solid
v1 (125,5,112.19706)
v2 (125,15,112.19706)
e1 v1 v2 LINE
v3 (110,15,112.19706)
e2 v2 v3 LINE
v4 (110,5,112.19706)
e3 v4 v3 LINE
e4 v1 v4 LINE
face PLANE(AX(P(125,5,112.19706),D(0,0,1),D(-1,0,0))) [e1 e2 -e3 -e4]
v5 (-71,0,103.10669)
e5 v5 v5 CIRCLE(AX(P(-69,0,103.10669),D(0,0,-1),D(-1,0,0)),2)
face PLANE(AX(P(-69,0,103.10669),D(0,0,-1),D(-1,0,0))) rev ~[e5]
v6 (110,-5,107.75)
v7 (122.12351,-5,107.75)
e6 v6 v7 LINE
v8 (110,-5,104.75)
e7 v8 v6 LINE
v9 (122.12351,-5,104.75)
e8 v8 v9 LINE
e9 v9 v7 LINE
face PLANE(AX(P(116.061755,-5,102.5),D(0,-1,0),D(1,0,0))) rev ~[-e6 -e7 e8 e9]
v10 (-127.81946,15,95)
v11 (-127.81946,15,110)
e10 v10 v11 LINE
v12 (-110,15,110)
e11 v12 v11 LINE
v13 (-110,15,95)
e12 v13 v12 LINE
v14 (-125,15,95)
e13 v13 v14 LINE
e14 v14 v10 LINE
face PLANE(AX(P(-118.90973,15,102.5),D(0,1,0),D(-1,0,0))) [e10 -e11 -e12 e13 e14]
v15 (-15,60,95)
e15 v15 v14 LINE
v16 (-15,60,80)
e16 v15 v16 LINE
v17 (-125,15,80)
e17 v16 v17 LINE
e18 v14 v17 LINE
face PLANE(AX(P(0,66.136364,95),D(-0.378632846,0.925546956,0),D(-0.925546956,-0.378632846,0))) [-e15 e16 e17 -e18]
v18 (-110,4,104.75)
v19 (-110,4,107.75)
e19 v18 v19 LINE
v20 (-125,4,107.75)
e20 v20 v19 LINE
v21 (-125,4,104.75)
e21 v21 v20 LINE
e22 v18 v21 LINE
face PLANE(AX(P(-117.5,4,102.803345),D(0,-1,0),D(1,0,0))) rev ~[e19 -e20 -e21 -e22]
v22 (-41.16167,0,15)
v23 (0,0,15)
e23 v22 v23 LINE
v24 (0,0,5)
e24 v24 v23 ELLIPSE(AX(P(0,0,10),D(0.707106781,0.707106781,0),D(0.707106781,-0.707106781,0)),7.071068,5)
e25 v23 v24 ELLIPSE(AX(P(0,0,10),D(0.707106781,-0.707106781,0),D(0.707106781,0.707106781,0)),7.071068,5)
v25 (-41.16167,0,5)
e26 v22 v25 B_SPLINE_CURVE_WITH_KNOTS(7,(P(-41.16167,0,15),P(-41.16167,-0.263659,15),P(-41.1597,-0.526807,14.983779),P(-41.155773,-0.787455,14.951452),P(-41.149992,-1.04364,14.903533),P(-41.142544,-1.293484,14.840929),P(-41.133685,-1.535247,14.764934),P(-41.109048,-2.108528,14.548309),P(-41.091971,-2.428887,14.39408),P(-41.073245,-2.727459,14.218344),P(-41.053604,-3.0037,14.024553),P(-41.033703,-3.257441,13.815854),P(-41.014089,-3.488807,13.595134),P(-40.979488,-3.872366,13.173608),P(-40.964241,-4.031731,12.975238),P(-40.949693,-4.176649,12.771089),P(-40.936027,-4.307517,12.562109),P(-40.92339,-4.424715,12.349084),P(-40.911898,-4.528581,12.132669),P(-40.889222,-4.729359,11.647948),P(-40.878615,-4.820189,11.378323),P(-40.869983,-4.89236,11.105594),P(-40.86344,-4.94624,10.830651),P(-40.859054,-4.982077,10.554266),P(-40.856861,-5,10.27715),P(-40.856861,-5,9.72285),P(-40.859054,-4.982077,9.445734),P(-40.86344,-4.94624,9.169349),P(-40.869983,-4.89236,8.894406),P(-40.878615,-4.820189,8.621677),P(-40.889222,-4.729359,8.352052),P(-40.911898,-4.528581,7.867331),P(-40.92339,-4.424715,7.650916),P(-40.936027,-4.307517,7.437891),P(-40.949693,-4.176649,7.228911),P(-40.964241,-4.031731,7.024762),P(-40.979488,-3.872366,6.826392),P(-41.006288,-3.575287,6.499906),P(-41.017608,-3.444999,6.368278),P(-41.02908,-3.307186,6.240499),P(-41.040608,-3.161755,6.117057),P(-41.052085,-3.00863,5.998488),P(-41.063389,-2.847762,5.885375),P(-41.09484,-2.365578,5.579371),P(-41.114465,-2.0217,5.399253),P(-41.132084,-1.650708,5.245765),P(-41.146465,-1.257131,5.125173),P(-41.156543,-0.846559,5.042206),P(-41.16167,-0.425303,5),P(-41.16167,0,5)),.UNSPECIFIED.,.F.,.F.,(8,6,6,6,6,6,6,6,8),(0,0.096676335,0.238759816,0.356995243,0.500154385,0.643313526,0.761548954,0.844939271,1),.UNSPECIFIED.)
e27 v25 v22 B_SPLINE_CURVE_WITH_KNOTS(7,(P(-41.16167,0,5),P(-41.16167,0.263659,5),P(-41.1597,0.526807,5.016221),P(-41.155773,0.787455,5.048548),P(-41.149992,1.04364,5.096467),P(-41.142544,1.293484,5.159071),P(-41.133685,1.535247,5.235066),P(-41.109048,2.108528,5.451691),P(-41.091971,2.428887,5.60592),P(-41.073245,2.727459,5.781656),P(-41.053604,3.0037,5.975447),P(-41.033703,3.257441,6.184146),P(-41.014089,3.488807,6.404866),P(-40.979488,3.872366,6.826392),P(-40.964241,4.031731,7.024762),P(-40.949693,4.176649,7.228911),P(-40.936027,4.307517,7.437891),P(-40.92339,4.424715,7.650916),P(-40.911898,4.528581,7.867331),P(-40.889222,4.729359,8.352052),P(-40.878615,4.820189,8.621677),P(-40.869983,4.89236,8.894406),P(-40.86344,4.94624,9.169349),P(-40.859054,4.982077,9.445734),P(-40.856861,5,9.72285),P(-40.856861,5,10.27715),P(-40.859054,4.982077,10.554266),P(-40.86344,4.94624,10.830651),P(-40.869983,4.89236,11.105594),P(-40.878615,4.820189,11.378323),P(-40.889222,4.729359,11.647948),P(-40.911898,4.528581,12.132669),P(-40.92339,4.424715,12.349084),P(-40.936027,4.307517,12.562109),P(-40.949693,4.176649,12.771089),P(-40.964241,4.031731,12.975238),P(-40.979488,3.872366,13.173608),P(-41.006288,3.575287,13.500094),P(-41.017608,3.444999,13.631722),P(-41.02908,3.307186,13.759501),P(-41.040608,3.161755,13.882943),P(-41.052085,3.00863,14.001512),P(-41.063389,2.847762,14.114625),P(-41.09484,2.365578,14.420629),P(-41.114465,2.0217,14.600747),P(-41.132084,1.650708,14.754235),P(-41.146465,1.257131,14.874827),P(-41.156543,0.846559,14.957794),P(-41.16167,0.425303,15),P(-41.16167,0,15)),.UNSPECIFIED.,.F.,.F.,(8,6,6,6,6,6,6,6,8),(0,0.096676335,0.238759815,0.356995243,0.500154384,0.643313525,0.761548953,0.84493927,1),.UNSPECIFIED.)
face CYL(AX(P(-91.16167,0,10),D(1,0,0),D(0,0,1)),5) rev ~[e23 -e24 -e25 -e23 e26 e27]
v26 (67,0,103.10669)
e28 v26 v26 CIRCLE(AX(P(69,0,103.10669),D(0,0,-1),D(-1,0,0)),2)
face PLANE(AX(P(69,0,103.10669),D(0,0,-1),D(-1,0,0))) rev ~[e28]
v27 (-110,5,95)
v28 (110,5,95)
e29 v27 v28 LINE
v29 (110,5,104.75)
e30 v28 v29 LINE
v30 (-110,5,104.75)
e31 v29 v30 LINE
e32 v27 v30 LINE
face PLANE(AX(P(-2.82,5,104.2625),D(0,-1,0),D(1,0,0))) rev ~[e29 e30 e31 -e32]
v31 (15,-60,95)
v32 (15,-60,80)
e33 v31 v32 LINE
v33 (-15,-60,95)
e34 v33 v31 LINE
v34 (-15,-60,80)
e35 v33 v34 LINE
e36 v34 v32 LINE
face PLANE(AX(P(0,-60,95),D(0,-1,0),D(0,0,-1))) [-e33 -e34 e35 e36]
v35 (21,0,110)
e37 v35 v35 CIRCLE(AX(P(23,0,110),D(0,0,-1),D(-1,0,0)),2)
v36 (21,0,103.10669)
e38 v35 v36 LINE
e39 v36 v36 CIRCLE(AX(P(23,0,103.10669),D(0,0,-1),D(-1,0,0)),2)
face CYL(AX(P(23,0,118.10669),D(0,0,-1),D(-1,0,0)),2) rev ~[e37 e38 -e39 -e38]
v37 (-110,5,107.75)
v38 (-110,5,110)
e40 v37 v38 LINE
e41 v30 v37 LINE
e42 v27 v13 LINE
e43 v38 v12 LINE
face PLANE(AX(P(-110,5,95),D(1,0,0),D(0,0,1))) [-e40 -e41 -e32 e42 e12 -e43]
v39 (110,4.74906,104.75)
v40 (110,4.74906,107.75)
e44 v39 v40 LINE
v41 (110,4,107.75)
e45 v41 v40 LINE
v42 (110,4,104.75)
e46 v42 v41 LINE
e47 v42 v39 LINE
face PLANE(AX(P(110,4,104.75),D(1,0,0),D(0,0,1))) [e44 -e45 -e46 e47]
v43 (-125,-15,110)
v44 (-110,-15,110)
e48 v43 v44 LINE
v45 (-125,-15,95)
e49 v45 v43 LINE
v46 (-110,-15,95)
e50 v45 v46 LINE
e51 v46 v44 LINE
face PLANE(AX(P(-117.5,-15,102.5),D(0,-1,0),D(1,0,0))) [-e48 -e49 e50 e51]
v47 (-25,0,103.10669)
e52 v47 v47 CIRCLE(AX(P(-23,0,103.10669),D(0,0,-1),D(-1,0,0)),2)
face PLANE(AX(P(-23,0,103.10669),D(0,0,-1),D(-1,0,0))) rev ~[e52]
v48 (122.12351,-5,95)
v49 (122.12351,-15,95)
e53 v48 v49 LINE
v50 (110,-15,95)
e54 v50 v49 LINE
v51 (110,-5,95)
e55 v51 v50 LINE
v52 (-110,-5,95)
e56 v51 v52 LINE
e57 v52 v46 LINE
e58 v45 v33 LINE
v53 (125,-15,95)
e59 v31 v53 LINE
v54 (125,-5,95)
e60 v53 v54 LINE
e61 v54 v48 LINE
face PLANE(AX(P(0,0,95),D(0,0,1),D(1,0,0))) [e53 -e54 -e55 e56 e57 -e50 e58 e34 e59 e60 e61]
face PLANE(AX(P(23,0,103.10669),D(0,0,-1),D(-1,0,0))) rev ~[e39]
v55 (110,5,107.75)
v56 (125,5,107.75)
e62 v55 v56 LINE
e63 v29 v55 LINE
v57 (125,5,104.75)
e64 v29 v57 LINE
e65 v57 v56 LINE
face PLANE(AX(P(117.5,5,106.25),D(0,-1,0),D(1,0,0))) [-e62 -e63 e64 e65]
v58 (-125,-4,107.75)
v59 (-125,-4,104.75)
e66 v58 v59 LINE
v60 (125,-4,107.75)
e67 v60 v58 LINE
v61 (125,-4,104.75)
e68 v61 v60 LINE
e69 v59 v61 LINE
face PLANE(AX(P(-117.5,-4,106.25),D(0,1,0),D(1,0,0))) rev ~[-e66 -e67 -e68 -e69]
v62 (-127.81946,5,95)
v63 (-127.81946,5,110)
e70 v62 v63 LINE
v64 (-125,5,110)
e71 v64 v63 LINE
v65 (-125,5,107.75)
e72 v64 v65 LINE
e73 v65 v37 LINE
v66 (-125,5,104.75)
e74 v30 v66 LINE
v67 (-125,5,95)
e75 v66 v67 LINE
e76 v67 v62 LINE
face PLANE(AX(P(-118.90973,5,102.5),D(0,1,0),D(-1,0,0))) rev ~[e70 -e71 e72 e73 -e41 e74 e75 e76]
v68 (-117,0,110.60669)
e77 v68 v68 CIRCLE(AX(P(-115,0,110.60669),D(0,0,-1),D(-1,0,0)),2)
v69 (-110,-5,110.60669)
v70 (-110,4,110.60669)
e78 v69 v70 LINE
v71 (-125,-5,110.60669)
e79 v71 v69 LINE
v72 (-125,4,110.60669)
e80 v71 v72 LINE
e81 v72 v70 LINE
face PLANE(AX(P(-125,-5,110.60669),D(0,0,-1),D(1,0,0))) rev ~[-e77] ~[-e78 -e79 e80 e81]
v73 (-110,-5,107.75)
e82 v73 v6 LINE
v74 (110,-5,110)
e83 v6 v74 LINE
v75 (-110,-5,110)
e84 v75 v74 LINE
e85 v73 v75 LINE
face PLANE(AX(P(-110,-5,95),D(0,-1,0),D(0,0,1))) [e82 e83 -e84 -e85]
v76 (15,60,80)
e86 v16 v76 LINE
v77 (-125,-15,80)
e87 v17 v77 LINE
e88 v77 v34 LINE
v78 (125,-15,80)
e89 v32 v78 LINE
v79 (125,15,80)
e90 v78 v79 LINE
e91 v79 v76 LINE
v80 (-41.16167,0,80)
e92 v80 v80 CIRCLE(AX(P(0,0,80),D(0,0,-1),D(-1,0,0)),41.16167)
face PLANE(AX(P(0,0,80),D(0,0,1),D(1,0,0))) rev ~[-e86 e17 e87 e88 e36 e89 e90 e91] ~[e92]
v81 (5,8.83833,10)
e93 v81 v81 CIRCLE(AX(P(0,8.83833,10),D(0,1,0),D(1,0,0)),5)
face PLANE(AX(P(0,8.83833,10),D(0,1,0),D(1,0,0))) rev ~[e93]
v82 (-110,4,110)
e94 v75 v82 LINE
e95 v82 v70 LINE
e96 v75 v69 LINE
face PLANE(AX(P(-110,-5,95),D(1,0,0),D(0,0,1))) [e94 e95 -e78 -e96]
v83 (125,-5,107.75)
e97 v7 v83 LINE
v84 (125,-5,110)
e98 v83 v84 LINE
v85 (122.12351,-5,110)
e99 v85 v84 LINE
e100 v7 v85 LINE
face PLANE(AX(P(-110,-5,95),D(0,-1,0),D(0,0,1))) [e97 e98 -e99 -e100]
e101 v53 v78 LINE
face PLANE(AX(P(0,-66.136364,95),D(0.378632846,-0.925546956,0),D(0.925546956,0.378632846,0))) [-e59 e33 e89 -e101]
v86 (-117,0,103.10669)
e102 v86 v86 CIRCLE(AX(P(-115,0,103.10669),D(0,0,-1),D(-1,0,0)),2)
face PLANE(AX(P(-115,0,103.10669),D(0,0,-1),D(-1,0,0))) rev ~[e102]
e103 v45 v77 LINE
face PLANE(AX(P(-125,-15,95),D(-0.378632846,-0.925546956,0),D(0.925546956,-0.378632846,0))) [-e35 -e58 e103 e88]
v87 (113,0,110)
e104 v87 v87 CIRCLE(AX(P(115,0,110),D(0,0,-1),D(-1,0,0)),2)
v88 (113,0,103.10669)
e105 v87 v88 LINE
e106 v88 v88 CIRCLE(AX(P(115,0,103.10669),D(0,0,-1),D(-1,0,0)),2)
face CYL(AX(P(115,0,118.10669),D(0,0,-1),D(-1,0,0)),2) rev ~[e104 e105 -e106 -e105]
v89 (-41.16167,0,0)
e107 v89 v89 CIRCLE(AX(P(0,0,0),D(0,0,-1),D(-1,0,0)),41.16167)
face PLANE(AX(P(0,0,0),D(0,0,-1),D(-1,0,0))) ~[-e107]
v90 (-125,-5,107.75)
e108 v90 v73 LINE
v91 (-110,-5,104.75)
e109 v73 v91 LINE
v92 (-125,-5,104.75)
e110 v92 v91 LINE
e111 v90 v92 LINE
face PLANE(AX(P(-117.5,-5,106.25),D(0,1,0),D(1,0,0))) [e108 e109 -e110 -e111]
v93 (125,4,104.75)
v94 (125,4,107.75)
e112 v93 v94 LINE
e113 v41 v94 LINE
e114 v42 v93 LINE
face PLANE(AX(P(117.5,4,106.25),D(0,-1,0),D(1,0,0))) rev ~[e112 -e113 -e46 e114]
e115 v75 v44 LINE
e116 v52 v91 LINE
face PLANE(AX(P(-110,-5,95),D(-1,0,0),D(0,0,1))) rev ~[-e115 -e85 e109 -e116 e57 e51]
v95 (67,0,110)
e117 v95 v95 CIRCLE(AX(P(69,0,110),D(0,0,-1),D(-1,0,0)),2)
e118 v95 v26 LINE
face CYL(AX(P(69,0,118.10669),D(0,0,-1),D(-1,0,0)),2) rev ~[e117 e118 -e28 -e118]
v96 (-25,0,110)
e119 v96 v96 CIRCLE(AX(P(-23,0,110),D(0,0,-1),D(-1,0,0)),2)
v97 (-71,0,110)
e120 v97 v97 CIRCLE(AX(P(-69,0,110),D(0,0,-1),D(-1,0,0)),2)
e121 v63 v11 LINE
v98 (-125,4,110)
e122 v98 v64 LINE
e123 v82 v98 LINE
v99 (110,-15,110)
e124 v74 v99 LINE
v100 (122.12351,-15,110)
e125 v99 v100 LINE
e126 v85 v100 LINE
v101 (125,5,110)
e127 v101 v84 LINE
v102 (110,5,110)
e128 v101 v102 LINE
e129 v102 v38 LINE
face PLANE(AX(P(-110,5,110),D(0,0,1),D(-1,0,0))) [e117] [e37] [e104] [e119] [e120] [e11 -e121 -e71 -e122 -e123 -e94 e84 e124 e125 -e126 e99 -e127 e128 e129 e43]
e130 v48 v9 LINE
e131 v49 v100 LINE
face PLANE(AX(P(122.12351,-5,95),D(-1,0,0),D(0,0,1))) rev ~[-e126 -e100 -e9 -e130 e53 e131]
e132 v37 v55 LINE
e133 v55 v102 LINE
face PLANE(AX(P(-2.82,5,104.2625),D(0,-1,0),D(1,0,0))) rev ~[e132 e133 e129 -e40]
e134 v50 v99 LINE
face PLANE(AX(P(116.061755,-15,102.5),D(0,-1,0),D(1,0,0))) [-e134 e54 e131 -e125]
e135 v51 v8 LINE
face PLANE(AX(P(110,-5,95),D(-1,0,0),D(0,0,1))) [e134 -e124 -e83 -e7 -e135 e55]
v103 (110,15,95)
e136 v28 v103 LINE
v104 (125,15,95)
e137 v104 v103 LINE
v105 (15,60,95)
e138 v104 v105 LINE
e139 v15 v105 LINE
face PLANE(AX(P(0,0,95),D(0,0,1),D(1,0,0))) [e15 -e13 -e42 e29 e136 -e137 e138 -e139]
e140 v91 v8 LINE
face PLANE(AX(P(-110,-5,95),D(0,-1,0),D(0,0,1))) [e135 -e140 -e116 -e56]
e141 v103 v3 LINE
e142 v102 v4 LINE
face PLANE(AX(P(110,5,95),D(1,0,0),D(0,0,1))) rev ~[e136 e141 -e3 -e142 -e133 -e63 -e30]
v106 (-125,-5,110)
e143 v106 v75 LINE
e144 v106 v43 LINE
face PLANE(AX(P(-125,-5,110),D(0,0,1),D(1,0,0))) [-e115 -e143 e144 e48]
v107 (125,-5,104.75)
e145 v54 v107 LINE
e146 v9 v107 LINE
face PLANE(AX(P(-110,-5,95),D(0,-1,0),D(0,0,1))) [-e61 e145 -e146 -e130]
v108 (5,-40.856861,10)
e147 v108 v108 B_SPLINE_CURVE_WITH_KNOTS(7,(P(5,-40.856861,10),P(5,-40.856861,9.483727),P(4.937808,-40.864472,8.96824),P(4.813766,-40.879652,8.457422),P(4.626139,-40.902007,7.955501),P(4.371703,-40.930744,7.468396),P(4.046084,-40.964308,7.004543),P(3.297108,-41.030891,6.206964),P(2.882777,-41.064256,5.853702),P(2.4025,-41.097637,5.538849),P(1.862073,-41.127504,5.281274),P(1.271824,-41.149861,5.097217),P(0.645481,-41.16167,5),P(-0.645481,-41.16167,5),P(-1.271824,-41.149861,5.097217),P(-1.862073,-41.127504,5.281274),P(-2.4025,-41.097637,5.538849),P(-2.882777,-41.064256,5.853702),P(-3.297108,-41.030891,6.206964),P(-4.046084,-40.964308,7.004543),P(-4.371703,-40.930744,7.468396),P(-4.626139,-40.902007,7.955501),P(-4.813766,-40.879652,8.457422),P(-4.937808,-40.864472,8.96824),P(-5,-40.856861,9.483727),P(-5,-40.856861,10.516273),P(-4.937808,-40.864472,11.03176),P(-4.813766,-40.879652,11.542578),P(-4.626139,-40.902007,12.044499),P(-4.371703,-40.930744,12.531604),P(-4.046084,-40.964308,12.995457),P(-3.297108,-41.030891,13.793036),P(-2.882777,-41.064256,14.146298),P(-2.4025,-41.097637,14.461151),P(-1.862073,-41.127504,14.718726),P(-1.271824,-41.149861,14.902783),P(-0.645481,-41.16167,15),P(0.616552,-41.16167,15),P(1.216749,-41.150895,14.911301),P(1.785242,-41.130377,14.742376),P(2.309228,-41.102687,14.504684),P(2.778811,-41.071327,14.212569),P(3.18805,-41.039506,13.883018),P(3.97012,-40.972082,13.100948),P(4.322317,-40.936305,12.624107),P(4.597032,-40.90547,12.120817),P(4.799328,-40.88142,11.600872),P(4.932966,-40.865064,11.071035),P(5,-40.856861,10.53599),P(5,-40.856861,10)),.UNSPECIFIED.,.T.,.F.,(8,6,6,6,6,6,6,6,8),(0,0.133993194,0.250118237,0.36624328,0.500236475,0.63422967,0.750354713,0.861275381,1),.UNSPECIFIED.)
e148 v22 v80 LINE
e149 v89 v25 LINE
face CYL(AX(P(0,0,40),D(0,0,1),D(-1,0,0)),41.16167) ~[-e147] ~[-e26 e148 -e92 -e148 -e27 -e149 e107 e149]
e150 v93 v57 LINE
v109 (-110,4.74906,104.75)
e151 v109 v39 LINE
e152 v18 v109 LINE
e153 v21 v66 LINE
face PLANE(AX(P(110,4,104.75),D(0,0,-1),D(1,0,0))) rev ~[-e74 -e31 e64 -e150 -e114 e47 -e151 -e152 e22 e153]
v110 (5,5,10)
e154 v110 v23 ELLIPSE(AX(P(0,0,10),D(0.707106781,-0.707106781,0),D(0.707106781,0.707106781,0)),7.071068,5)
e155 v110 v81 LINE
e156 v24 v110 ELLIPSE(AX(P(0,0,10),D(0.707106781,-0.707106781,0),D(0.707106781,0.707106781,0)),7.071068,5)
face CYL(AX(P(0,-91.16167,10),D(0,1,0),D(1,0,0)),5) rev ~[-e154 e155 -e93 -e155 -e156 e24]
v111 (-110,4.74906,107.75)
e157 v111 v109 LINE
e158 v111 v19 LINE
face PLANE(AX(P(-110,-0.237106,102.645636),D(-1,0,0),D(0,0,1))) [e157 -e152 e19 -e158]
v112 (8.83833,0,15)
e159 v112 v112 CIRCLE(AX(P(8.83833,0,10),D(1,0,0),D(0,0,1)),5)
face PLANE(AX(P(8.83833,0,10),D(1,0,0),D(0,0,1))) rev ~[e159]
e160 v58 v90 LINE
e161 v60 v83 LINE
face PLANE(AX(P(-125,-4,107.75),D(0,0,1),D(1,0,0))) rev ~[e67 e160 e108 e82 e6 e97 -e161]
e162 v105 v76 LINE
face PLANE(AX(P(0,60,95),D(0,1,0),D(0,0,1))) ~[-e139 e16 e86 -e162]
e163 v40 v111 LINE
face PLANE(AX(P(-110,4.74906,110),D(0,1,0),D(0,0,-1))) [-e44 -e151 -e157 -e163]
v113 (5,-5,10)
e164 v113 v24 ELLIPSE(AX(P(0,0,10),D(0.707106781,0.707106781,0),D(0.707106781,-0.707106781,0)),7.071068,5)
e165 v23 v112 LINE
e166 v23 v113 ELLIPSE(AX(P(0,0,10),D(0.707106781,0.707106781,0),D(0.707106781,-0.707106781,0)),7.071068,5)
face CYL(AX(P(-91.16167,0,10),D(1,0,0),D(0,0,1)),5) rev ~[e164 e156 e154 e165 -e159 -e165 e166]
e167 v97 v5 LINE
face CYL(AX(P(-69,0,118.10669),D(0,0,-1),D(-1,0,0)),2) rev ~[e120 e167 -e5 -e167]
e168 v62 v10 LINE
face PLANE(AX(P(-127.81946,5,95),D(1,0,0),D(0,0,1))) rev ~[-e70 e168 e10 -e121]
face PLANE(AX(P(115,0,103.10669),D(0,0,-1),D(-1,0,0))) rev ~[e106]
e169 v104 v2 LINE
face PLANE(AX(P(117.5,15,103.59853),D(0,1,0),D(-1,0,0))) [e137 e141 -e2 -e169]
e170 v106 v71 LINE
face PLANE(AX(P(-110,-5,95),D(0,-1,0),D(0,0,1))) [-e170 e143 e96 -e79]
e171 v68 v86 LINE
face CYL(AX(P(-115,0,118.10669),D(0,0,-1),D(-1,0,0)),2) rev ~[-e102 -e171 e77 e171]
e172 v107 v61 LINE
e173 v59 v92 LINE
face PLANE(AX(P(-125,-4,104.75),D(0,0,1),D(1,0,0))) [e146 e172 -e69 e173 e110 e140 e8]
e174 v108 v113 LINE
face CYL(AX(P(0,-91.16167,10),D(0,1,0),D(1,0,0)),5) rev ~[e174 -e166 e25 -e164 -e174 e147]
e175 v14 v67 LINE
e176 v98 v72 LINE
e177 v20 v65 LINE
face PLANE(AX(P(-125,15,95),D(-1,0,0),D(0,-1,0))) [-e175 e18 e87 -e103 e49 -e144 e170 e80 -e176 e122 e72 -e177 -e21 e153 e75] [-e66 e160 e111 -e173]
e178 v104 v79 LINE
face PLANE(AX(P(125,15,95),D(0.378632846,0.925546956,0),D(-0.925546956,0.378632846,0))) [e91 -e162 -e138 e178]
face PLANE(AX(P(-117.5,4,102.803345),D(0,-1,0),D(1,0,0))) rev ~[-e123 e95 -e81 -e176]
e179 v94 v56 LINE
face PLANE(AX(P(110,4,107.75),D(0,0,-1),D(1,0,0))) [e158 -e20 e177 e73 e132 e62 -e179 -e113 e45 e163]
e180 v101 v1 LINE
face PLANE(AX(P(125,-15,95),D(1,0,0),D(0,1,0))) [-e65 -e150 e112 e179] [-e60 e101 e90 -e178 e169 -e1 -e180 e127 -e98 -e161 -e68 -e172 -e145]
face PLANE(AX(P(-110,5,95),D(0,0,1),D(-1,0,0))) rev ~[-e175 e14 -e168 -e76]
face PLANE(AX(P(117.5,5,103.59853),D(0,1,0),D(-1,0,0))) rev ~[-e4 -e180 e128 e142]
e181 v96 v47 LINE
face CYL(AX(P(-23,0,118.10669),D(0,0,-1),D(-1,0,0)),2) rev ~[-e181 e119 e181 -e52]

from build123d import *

# Parameters (mm, degrees)
SKETCH_1_W                  = 15
SKETCH_1_H                  = 15.60669
EXTRUDE_1_DEPTH             = 9
EXTRUDE_2_DEPTH             = 235
EXTRUDE_3_DEPTH             = 1
SKETCH_4_W                  = 15
SKETCH_4_H                  = 17.19706
EXTRUDE_4_DEPTH             = 10
SKETCH_5_W                  = 15
SKETCH_5_H                  = 3
CUT_EXTRUDE_1_DEPTH         = 1
SKETCH_6_W                  = 12.12351
SKETCH_6_H                  = 15
EXTRUDE_5_DEPTH             = 10
SKETCH_7_W                  = 15
SKETCH_7_H                  = 15
EXTRUDE_6_DEPTH             = 10
SKETCH_8_W                  = 15
SKETCH_8_H                  = 3
CUT_EXTRUDE_2_DEPTH         = 1
SKETCH_9_W                  = 17.81946
SKETCH_9_H                  = 15
EXTRUDE_7_DEPTH             = 10
EXTRUDE_8_DEPTH             = 15
SKETCH_11_W                 = 41.16167
SKETCH_11_H                 = 80
HOLE_WIZARD_10_0_10_1_D     = 10
HOLE_WIZARD_10_0_10_1_DEPTH = 50
HOLE_WIZARD_10_0_10_2_D     = 10
HOLE_WIZARD_10_0_10_2_DEPTH = 50
HOLE_WIZARD_4_0_4_1_D       = 4
HOLE_WIZARD_4_0_4_1_DEPTH   = 7.5
CHAMFER_1_SIZE              = 16.206633169
CHAMFER_1_EDGE_2_SIZE       = 16.206633169


with BuildPart() as part:
    # 草图1 → 凸台-拉伸1 (new body)
    with BuildSketch(Plane.XZ.offset(5)):
        with Locations((-117.5, 102.803345)):
            Rectangle(SKETCH_1_W, SKETCH_1_H)
    extrude(amount=-EXTRUDE_1_DEPTH)

    # 草图2 → 凸台-拉伸2 (add)
    with BuildSketch(Plane(origin=(-110, 0, 0), x_dir=(0, 0, -1), z_dir=(1, 0, 0))):
        Polygon((-95, 4.74906), (-95, -5), (-104.75, -5), (-104.75, -4), (-107.75, -4), (-107.75, -5), (-110, -5), (-110, 4.74906), align=None)
    extrude(amount=EXTRUDE_2_DEPTH)

    # 草图3 → 凸台-拉伸3 (add)
    with BuildSketch(Plane(origin=(0, 4, 0), x_dir=(-1, 0, 0), z_dir=(0, 1, 0))):
        Polygon((125, 95), (-125, 95), (-125, 110), (125, 110), (125, 107.75), (-110, 107.75), (-110, 104.75), (125, 104.75), align=None)
    extrude(amount=EXTRUDE_3_DEPTH)

    # 草图4 → 凸台-拉伸4 (add)
    with BuildSketch(Plane(origin=(0, 5, 0), x_dir=(-1, 0, 0), z_dir=(0, 1, 0))):
        with Locations((-117.5, 103.59853)):
            Rectangle(SKETCH_4_W, SKETCH_4_H)
    extrude(amount=EXTRUDE_4_DEPTH)

    # 草图5 → 切除-拉伸1 (cut)
    with BuildSketch(Plane.XZ.offset(-4)):
        with Locations((117.5, 106.25)):
            Rectangle(SKETCH_5_W, SKETCH_5_H)
    extrude(amount=-CUT_EXTRUDE_1_DEPTH, mode=Mode.SUBTRACT)

    # 草图6 → 凸台-拉伸5 (add)
    with BuildSketch(Plane.XZ.offset(5)):
        with Locations((116.061755, 102.5)):
            Rectangle(SKETCH_6_W, SKETCH_6_H)
    extrude(amount=EXTRUDE_5_DEPTH)

    # 草图7 → 凸台-拉伸6 (add)
    with BuildSketch(Plane.XZ.offset(5)):
        with Locations((-117.5, 102.5)):
            Rectangle(SKETCH_7_W, SKETCH_7_H)
    extrude(amount=EXTRUDE_6_DEPTH)

    # 草图8 → 切除-拉伸2 (cut)
    with BuildSketch(Plane(origin=(0, -4, 0), x_dir=(1, 0, 0), z_dir=(0, 1, 0))):
        with Locations((-117.5, -106.25)):
            Rectangle(SKETCH_8_W, SKETCH_8_H)
    extrude(amount=-CUT_EXTRUDE_2_DEPTH, mode=Mode.SUBTRACT)

    # 草图9 → 凸台-拉伸7 (add)
    with BuildSketch(Plane(origin=(0, 5, 0), x_dir=(-1, 0, 0), z_dir=(0, 1, 0))):
        with Locations((118.90973, 102.5)):
            Rectangle(SKETCH_9_W, SKETCH_9_H)
    extrude(amount=EXTRUDE_7_DEPTH)

    # 草图10 → 凸台-拉伸8 (add)
    with BuildSketch(Plane(origin=(0, 0, 95), x_dir=(-1, 0, 0), z_dir=(0, 0, -1))):
        Polygon((0, 66.136363636), (125, 15), (125, -15), (0, -66.136363636), (-125, -15), (-125, 15), align=None)
    extrude(amount=EXTRUDE_8_DEPTH)

    # 草图11 → 旋转1 (revolve)
    with BuildSketch(Plane.XZ, mode=Mode.PRIVATE) as revolve_1_sk:
        with Locations((20.580835, 40)):
            Rectangle(SKETCH_11_W, SKETCH_11_H)
    revolve(revolve_1_sk.sketch.rotate(Axis((0, 0, 80), (0, 0, -1)), 180), axis=Axis((0, 0, 80), (0, 0, -1)))

    # Ø10.0 (10) 直径孔1
    with Locations(Plane(origin=(-41.16167, 0, 10), x_dir=(0, 0, -1), z_dir=(-1, 0, 0))):
        with Locations((0, 0)):
            Hole(HOLE_WIZARD_10_0_10_1_D / 2, depth=HOLE_WIZARD_10_0_10_1_DEPTH)

    # Ø10.0 (10) 直径孔2
    with Locations(Plane(origin=(0, -41.16167, 10), x_dir=(-1, 0, 0), z_dir=(0, -1, 0))):
        with Locations((0, 0)):
            Hole(HOLE_WIZARD_10_0_10_2_D / 2, depth=HOLE_WIZARD_10_0_10_2_DEPTH)

    # Ø4.0 (4) 直径孔1
    with Locations(Plane.XY.offset(110.60669)):
        with Locations((115, 0), (69, 0), (23, 0), (-23, 0), (-69, 0), (-115, 0)):
            Hole(HOLE_WIZARD_4_0_4_1_D / 2, depth=HOLE_WIZARD_4_0_4_1_DEPTH)

    # 倒角1
    chamfer_1_edges = [part.edges().sort_by_distance(p)[0] for p in [
        (0, 66.136363636, 87.5),
    ]]
    chamfer(chamfer_1_edges, length=CHAMFER_1_SIZE)

    # 倒角1 edge 2
    chamfer_1_edge_2_edges = [part.edges().sort_by_distance(p)[0] for p in [
        (0, -66.136363636, 87.5),
    ]]
    chamfer(chamfer_1_edge_2_edges, length=CHAMFER_1_EDGE_2_SIZE)


solid = part.part
